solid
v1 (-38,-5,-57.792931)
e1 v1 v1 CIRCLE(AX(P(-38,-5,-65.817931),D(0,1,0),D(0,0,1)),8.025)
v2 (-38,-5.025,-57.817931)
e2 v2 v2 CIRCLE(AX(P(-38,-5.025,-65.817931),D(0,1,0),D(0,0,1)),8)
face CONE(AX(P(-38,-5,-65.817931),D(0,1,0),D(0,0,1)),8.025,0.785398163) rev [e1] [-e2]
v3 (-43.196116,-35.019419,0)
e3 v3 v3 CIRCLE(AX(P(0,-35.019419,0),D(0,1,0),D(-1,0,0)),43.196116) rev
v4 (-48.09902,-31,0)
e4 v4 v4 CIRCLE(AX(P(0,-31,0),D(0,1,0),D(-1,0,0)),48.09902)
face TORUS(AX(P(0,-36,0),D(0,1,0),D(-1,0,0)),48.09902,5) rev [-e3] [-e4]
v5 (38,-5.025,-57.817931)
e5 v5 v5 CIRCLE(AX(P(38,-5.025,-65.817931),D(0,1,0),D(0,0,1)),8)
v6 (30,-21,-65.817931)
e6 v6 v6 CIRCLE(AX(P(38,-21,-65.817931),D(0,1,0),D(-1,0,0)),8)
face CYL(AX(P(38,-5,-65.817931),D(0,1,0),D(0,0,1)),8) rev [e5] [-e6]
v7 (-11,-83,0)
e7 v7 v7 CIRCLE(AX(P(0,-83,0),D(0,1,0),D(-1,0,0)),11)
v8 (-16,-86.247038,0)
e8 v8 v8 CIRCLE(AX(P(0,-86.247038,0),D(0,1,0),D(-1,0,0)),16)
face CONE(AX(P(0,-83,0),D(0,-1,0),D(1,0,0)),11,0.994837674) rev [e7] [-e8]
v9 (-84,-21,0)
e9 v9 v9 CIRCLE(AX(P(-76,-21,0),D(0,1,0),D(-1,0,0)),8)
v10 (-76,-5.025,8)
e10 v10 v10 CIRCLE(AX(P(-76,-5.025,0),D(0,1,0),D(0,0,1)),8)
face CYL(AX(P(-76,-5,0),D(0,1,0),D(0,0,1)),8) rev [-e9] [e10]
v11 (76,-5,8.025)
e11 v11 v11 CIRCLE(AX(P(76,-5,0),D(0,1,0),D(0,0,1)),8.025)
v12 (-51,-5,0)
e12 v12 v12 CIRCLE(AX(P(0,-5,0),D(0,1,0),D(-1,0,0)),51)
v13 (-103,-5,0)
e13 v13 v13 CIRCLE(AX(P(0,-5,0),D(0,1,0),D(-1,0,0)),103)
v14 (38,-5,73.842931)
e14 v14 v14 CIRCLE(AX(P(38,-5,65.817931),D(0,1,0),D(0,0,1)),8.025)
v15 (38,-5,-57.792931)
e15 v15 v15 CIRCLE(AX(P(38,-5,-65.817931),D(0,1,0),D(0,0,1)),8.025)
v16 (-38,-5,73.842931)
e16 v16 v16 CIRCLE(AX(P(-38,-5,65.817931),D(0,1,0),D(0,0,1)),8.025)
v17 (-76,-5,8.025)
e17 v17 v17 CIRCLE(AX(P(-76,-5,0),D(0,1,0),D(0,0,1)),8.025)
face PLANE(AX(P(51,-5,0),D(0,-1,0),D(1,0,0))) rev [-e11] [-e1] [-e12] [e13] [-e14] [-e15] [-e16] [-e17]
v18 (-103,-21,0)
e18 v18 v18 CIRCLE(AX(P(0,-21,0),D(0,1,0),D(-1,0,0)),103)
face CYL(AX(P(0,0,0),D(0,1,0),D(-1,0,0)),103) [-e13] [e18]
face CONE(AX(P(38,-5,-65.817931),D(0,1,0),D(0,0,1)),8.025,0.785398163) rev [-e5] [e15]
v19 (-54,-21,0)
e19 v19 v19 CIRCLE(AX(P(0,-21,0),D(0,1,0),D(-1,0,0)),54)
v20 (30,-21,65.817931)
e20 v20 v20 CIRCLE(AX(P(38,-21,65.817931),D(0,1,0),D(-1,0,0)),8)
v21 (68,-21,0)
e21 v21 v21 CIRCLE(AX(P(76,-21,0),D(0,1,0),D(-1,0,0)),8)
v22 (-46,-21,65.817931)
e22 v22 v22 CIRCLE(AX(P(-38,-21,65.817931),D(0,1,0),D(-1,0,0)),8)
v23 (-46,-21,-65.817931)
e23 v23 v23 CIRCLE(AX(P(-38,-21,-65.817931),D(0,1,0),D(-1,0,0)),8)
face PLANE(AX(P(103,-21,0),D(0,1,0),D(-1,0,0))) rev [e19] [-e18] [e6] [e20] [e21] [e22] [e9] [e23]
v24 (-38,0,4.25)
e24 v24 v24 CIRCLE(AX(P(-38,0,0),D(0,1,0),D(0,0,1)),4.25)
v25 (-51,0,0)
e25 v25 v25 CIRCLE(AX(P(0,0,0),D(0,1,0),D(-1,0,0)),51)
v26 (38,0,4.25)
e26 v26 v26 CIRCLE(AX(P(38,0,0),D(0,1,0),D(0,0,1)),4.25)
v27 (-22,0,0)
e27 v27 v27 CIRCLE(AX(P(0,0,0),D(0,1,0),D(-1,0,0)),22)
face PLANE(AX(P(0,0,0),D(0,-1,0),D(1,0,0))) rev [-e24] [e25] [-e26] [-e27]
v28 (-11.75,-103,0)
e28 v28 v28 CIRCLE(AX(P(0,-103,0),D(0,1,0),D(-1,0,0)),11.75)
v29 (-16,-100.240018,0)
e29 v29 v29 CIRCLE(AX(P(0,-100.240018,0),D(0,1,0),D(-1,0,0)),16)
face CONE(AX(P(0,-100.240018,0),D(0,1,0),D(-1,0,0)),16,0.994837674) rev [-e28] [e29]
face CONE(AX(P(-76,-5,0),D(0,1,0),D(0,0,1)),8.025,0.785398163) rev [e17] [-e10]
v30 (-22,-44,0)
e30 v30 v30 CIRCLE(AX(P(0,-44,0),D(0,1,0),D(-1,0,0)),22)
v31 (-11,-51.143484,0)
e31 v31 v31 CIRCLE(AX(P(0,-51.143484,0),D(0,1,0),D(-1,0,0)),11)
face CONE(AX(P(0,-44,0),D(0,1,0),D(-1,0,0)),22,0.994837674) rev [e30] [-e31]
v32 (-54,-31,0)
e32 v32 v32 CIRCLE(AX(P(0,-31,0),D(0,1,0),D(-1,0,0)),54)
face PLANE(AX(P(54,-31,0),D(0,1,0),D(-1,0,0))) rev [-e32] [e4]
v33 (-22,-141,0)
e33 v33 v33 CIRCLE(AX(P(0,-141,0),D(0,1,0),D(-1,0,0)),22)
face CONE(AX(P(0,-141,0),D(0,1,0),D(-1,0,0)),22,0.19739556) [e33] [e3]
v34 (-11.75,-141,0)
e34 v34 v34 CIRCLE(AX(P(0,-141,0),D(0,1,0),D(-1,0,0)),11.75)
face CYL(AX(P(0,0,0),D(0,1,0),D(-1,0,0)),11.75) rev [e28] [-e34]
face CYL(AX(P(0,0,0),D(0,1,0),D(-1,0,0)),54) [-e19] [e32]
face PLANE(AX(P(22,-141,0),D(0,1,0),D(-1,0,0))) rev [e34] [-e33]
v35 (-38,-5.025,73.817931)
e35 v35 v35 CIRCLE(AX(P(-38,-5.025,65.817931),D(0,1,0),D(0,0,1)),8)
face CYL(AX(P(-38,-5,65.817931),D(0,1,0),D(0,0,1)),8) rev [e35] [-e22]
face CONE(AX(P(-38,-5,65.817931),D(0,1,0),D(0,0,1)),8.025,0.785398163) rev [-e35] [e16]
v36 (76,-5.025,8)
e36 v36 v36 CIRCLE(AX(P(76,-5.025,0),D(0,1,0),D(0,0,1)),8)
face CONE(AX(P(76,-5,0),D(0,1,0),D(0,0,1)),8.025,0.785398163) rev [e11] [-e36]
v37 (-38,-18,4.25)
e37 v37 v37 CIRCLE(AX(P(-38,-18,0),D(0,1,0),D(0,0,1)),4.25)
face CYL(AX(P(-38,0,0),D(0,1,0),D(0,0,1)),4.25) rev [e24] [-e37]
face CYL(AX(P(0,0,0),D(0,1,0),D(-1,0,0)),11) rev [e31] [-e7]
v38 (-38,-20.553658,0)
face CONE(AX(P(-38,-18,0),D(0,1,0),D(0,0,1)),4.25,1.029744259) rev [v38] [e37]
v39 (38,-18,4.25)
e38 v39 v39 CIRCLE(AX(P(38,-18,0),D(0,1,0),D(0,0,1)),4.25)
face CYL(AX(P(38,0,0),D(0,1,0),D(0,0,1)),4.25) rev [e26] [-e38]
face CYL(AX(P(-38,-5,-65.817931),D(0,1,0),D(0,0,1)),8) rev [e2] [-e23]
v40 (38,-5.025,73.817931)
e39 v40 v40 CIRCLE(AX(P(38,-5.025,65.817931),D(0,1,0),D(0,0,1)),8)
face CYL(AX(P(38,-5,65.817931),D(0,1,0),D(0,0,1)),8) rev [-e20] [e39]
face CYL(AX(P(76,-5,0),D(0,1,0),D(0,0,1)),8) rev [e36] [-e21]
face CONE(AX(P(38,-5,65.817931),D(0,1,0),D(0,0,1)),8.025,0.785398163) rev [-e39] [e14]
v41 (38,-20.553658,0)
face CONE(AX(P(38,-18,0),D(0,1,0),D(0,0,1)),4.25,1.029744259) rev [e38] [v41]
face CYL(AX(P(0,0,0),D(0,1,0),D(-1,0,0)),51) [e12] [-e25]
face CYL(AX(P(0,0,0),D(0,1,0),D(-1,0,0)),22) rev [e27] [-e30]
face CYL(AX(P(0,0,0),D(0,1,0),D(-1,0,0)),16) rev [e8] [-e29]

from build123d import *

# Parameters (mm, degrees)
FILLET1_R                            = 5
F_16_0_16_DIAMETER_HOLE1_D           = 16
F_16_0_16_DIAMETER_HOLE1_CSINK_D     = 16.05
F_16_0_16_DIAMETER_HOLE1_CSINK_ANGLE = 90
CIRPATTERN1_COUNT                    = 6
M10X1_5_TAPPED_HOLE1_D               = 8.5
M10X1_5_TAPPED_HOLE1_DEPTH           = 18
M10X1_5_TAPPED_HOLE1_TIP             = 2.553657631


with BuildPart() as part:
    # Sketch1 → Revolve1 (revolve)
    with BuildSketch(Plane.XY, mode=Mode.PRIVATE) as revolve1_sk:
        Polygon((0, 0), (51, 0), (51, -5), (103, -5), (103, -21), (54, -21), (54, -31), (44, -31), (22, -141), (0, -141), align=None)
    revolve(revolve1_sk.sketch.rotate(Axis((0, 0, 0), (0, -1, 0)), 180), axis=Axis((0, 0, 0), (0, -1, 0)))

    # Sketch2 → Cut-Revolve1 (revolve, cut)
    with BuildSketch(Plane.XY):
        Polygon((-11.75, -141), (-11.75, -103), (-16, -100.240017729), (-16, -86.247037966), (-11, -83), (-11, -51.143483525), (-22, -44), (-22, 0), (0, 0), (0, -141), align=None)
    revolve(axis=Axis((0, 0, 0), (0, -1, 0)), mode=Mode.SUBTRACT)

    # Fillet1
    fillet1_edges = [part.edges().sort_by_distance(p)[0] for p in [
        (44, -31, 0),
    ]]
    fillet(fillet1_edges, radius=FILLET1_R)

    # Ø16.0 (16) Diameter Hole1 (through all)
    with Locations(Plane(origin=(0, -5, 0), x_dir=(1, 0, 0), z_dir=(0, 1, 0))):
        with Locations((-76, 0)):
            f_16_0_16_diameter_hole1 = CounterSinkHole(F_16_0_16_DIAMETER_HOLE1_D / 2, F_16_0_16_DIAMETER_HOLE1_CSINK_D / 2, counter_sink_angle=F_16_0_16_DIAMETER_HOLE1_CSINK_ANGLE)

    # CirPattern1: Ø16.0 (16) Diameter Hole1 ×6 about axis
    cirpattern1_axis = Axis((0, 0, 0), (0, 1, 0))
    for i in range(1, CIRPATTERN1_COUNT):
        add(f_16_0_16_diameter_hole1.rotate(cirpattern1_axis, i * 360 / CIRPATTERN1_COUNT), mode=Mode.SUBTRACT)

    # M10x1.5 Tapped Hole1
    with Locations(Plane(origin=(0, 0, 0), x_dir=(1, 0, 0), z_dir=(0, 1, 0))):
        with Locations((38, 0), (-38, 0)):
            Hole(M10X1_5_TAPPED_HOLE1_D / 2, depth=M10X1_5_TAPPED_HOLE1_DEPTH)
            with Locations((0, 0, -(M10X1_5_TAPPED_HOLE1_DEPTH + M10X1_5_TAPPED_HOLE1_TIP / 2))):  # 118° drill point
                Cone(0, M10X1_5_TAPPED_HOLE1_D / 2, M10X1_5_TAPPED_HOLE1_TIP, mode=Mode.SUBTRACT)


solid = part.part
